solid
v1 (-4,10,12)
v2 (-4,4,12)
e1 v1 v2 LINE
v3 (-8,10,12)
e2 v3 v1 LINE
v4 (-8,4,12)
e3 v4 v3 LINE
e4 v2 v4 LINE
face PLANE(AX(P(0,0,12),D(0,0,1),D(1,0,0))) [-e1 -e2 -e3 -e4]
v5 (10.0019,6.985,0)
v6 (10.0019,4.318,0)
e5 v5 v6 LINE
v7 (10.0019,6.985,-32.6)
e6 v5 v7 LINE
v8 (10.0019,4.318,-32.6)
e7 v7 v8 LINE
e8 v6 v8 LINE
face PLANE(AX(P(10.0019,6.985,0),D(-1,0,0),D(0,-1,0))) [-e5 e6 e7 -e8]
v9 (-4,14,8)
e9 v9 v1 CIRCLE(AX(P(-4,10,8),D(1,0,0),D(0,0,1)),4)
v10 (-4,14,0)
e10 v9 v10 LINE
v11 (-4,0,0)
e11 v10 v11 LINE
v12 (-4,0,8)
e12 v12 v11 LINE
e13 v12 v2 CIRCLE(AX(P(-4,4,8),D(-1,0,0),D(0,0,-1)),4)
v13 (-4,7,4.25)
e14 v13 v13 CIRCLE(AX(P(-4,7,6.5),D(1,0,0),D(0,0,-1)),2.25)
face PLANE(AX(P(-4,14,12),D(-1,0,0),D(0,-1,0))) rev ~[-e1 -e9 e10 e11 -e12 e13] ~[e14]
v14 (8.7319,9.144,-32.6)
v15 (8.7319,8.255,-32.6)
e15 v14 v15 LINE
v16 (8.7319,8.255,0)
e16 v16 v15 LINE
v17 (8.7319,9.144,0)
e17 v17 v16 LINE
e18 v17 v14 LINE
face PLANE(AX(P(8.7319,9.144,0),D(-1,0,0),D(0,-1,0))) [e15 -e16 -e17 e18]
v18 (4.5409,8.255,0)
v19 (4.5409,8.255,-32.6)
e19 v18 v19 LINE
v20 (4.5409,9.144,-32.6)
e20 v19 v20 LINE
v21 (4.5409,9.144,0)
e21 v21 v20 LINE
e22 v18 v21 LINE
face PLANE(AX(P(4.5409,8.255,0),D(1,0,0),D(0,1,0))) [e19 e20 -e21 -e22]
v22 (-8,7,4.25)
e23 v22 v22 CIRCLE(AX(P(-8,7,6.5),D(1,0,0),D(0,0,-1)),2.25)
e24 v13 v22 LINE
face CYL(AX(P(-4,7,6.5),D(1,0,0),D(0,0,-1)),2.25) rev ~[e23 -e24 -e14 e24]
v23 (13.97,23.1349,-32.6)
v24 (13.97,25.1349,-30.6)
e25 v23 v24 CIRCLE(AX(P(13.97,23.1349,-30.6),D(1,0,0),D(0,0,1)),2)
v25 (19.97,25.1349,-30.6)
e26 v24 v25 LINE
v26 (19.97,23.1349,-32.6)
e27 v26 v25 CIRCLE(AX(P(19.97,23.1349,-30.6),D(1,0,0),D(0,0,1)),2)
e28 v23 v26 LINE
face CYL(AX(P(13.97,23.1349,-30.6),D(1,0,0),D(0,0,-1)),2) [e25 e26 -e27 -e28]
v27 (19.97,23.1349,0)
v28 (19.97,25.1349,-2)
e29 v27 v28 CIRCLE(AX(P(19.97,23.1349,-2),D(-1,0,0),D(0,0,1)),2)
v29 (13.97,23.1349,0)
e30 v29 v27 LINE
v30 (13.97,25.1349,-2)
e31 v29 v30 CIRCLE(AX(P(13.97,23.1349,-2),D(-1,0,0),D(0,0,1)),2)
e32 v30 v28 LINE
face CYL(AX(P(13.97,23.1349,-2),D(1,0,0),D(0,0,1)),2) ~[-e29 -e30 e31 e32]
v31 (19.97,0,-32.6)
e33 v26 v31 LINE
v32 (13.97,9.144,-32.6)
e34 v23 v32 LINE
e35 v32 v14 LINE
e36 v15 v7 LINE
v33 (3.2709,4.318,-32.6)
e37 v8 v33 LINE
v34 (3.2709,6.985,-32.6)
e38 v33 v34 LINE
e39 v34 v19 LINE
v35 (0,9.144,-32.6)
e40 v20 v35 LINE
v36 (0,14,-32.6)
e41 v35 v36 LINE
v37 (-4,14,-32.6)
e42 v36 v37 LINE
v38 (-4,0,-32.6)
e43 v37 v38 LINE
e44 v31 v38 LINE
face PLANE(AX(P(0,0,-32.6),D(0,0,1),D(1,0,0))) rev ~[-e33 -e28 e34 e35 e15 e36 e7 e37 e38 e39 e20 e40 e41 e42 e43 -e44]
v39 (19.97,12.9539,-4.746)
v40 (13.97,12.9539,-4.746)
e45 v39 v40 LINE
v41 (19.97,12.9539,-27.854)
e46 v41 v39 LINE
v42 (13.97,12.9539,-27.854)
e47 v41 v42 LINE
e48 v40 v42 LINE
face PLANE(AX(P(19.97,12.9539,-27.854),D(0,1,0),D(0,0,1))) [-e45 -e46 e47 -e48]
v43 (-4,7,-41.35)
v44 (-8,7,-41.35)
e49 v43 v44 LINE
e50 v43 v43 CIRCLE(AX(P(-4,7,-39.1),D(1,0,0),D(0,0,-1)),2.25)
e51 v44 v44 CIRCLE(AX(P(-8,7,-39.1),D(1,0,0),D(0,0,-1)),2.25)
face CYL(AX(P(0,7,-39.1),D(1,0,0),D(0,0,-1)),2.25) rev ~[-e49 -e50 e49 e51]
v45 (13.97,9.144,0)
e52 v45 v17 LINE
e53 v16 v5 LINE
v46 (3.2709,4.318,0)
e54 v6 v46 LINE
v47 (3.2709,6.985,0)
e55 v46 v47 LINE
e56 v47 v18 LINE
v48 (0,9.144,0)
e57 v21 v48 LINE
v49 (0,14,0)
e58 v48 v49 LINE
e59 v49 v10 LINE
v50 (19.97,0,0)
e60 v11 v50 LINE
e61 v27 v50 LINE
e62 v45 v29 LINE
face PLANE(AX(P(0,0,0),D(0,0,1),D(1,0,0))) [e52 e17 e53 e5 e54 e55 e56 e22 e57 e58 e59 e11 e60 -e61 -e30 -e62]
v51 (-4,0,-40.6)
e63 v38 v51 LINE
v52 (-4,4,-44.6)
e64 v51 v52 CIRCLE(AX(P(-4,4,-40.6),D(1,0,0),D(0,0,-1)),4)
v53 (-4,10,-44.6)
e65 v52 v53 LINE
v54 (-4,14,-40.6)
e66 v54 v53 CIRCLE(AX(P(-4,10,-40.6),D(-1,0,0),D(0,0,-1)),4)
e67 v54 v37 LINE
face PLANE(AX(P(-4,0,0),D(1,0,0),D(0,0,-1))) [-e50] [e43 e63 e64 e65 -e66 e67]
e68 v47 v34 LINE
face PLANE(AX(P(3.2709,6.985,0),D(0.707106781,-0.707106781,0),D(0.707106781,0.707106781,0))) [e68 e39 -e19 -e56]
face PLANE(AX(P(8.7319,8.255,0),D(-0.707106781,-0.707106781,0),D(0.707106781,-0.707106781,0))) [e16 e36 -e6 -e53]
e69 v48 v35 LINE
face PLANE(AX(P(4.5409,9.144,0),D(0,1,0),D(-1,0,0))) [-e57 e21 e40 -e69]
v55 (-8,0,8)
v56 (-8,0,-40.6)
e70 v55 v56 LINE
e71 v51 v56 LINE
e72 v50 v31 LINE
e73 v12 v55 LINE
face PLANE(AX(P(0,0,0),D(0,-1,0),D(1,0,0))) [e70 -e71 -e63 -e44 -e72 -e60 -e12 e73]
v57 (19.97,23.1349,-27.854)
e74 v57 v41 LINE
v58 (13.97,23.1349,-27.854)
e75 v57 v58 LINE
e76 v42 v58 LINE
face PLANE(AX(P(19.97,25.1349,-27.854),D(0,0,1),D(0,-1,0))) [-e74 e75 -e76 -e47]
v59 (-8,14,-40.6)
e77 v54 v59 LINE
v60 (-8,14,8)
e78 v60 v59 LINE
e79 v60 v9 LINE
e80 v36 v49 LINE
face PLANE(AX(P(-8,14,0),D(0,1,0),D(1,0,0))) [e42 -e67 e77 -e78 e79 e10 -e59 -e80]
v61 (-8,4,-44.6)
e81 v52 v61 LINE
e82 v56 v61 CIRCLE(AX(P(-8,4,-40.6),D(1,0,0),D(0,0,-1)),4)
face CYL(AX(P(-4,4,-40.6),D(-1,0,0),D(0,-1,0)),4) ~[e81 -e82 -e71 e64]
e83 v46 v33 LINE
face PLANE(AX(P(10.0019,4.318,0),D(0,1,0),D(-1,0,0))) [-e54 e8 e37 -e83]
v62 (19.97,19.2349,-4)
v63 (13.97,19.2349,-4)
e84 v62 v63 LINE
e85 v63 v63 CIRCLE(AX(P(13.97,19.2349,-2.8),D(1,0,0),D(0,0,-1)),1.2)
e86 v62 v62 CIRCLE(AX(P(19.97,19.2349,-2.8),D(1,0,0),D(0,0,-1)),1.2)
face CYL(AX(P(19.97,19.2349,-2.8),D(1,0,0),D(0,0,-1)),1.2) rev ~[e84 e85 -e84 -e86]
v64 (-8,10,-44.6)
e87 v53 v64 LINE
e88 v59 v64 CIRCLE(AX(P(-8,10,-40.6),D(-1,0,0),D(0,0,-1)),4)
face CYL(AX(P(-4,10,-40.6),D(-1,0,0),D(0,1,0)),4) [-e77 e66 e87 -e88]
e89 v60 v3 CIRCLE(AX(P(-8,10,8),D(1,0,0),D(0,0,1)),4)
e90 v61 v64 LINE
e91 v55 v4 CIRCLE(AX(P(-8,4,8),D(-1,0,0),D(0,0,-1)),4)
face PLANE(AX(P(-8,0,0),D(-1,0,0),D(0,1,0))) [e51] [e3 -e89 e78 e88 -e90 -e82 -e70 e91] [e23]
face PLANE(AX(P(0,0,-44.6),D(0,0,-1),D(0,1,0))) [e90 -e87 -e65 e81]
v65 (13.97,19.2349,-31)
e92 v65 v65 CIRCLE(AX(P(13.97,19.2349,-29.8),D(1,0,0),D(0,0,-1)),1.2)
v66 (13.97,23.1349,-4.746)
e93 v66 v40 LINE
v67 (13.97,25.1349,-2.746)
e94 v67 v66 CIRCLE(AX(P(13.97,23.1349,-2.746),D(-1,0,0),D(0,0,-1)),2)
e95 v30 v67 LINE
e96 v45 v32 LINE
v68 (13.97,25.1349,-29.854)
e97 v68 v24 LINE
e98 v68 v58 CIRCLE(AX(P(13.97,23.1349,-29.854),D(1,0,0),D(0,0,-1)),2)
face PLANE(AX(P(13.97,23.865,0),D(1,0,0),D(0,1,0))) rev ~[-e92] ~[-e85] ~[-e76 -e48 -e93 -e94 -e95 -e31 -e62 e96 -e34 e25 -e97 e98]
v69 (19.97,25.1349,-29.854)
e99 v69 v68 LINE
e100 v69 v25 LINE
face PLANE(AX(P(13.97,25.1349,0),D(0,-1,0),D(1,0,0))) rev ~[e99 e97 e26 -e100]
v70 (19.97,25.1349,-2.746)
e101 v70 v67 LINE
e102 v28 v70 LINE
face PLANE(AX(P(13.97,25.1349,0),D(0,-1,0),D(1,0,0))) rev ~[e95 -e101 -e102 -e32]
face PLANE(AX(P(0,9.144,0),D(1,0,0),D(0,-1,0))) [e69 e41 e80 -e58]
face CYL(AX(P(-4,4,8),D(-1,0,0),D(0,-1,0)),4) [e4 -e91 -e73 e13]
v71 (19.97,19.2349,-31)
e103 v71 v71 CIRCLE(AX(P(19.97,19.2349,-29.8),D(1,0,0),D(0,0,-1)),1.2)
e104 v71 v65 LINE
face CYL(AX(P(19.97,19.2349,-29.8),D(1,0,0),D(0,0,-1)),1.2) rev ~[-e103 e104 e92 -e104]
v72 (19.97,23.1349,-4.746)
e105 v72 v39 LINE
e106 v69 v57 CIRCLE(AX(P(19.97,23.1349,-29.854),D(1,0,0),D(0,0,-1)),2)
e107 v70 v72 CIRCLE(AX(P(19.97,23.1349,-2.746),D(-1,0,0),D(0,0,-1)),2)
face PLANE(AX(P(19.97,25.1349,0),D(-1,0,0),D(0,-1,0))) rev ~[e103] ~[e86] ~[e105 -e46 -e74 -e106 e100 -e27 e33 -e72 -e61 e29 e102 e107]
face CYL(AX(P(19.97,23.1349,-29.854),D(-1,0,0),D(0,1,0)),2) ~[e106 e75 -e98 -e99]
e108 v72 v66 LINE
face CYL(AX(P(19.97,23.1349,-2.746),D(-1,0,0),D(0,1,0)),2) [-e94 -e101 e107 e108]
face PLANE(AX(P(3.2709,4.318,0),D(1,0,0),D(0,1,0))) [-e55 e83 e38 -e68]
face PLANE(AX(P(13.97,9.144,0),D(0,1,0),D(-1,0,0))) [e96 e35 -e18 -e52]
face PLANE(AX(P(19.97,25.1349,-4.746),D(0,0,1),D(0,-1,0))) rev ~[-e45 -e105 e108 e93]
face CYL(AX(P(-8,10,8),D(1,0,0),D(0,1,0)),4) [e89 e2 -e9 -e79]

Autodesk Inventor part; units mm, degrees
ref_plane "YZ Plane" through (0, 0, 0) normal (1, 0, 0) x (0, 1, 0)
ref_plane "XZ Plane" through (0, 0, 0) normal (0, 1, 0) x (-1, 0, 0)
ref_plane "XY Plane" through (0, 0, 0) normal (0, 0, 1) x (1, 0, 0)
sketch "Náčrt1" plane through (0, 0, 0) normal (0, 0, 1) x (1, 0, 0)
  line L0 (13.97, 23.865) -> (13.97, 9.144)
  line L1 (0, 9.144) -> (0, 0)
  line L2 (4.5409, 9.144) -> (0, 9.144)
  line L3 (4.5409, 8.255) -> (4.5409, 9.144)
  line L4 (3.2709, 6.985) -> (4.5409, 8.255)
  line L5 (3.2709, 4.318) -> (3.2709, 6.985)
  line L6 (8.7319, 9.144) -> (8.7319, 8.255)
  line L7 (13.97, 9.144) -> (8.7319, 9.144)
  line L8 (8.7319, 8.255) -> (10.0019, 6.985)
  line L9 (10.0019, 6.985) -> (10.0019, 4.318)
  line L10 (10.0019, 4.318) -> (3.2709, 4.318)
  line L11 (0, 0) -> (19.97, 0)
  line L12 (13.97, 22.5956) -> (13.97, 25.1349)
  line L13 (13.97, 20.4353) -> (13.97, 18.035)
  line L14 (13.97, 25.1349) -> (19.97, 25.1349)
  line L15 (19.97, 25.1349) -> (19.97, 0)
extrude "Vysunutí1" add sketch "Náčrt1" against normal blind 32.6
sketch "Náčrt2" plane through (19.97, 0, 0) normal (1, 0, 0) x (0, 0, -1)
  line L0 (0, 25.1349) -> (32.6, 25.1349) projected
  line L1 (16.3, 25.1349) -> (4.746, 25.1349)
  line L2 (4.746, 25.1349) -> (4.746, 12.9539)
  line L3 (16.3, 25.1349) -> (27.854, 25.1349)
  line L4 (27.854, 25.1349) -> (27.854, 12.9539)
  line L5 (27.854, 12.9539) -> (4.746, 12.9539)
  circle A0 centre (2.8, 19.2349) radius 1.2
  line L6 (16.3, 25.1349) -> (16.3, 15.9225)
  circle A1 centre (29.8, 19.2349) radius 1.2
  point P0 (0, 0)
  point P1 (4.746, 19.0444)
  dimension "d2" = 11.554
  dimension "d3" = 12.181
  dimension "d4" = 11.554
  dimension "d7" = 2.4
  dimension "d8" = 5.9
  dimension "d9" = 1.946
extrude "Vysunutí2" cut sketch "Náčrt2" against normal blind 32.6 contours L0 L4 L5 L2
extrude "Vysunutí3" cut sketch "Náčrt2" against normal blind 32.6 contours A0 | A1
fillet "Zaoblení1" radius 2 4 edges at (16.97, 25.1349, 0) (16.97, 25.1349, -4.746) (16.97, 25.1349, -27.854) (16.97, 25.1349, -32.6)
sketch "Náčrt3" plane through (0, 0, 0) normal (0, -1, 0) x (1, 0, 0)
  point P0 (0, 0)
sketch "Náčrt4" plane through (0, 0, 0) normal (0, 0, 1) x (1, 0, 0)
  line L0 (13.97, 23.1349) -> (19.97, 23.1349) projected
  line L1 (13.97, 23.1349) -> (13.97, 9.144) projected
  line L2 (13.97, 9.144) -> (8.7319, 9.144) projected
  line L3 (8.7319, 9.144) -> (8.7319, 8.255) projected
  line L4 (8.7319, 8.255) -> (10.0019, 6.985) projected
  line L5 (10.0019, 6.985) -> (10.0019, 4.318) projected
  line L6 (10.0019, 4.318) -> (3.2709, 4.318) projected
  line L7 (3.2709, 4.318) -> (3.2709, 6.985) projected
  line L8 (3.2709, 6.985) -> (4.5409, 8.255) projected
  line L9 (4.5409, 8.255) -> (4.5409, 9.144) projected
  line L10 (4.5409, 9.144) -> (0, 9.144) projected
  line L11 (0, 9.144) -> (0, 0) projected
  line L12 (0, 0) -> (19.97, 0) projected
  line L13 (19.97, 0) -> (19.97, 23.1349) projected
  line L14 (0, 0) -> (-8, 0)
  line L15 (-8, 0) -> (-8, 14)
  line L16 (-8, 14) -> (0, 14)
  line L17 (0, 14) -> (0, 0)
  dimension "d13" = 14
  dimension "d14" = 8
extrude "Vysunutí4" add sketch "Náčrt4" along normal blind 12 and the other way blind 32.6 contours L14 L15 L16 L17 L11
sketch "Náčrt5" plane through (0, 0, 0) normal (1, 0, 0) x (0, 0, -1)
  line L0 (0, 9.144) -> (0, 0) projected
  line L1 (0, 9.144) -> (32.6, 9.144) projected
  line L2 (32.6, 14) -> (32.6, 9.144) projected
  line L3 (32.6, 14) -> (-12, 14) projected
  line L4 (-12, 0) -> (-12, 14) projected
  line L5 (0, 0) -> (-12, 0) projected
  circle A0 centre (-6.5, 7) radius 2.25
  line L6 (27.854, 12.9539) -> (4.746, 12.9539) projected
  line L7 (16.3, 12.9539) -> (16.3, -5.3216)
  line L8 (32.6, 9.144) -> (32.6, 0)
  line L9 (44.6, 0) -> (44.6, 14)
  line L10 (32.6, 0) -> (44.6, 0)
  circle A1 centre (39.1, 7) radius 2.25
  line L11 (44.6, 14) -> (32.6, 14)
  line L12 (32.6, 14) -> (32.6, 0)
  dimension "d19" = 4.5
  dimension "d20" = 7
  dimension "d21" = 5.5
extrude "Vysunutí5" add sketch "Náčrt5" against normal up to surface (8 mm away) contours L2 L11 L9 L10 L8 | A0
sketch "Náčrt6" plane through (0, 0, 12) normal (0, 0, 1) x (1, 0, 0)
  line L0 (-8, 14) -> (-8, 0) projected
  line L1 (-8, 0) -> (0, 0) projected
  line L2 (0, 0) -> (0, 14) projected
  line L3 (0, 14) -> (-8, 14) projected
  line L4 (0, 14) -> (-4, 14)
  line L5 (-4, 14) -> (-4, 0)
  line L6 (-4, 0) -> (0, 0)
  line L7 (0, 0) -> (0, 14)
  dimension "d24" = 4
extrude "Vysunutí6" cut sketch "Náčrt6" against normal blind 12 contours L3 L2 L1 L5
extrude "Vysunutí7" cut sketch "Náčrt5" against normal blind 4 contours L2 L11 L9 L10 L8 | A0
sketch "Náčrt7" plane through (-4, 0, 12) normal (1, 0, 0) x (0, 0, -1)
  circle A0 centre (51.1, 7) radius 2.25 projected
  line L0 (0, 0) -> (0, 14) projected
  line L1 (12, 0) -> (0, 0) projected
  line L2 (12, 0) -> (12, 14) projected
  line L3 (0, 14) -> (12, 14) projected
  line L4 (44.6, 0) -> (44.6, 14) projected
  line L5 (56.6, 0) -> (44.6, 0) projected
  line L6 (56.6, 14) -> (56.6, 0) projected
  line L7 (44.6, 14) -> (56.6, 14) projected
  circle A1 centre (51.1, 7) radius 2.25 projected
  line L8 (12, 0) -> (44.6, 0) projected
  circle A2 centre (5.5, 7) radius 2.25
  line L9 (44.6, 14) -> (12, 14) projected
  point P0 (0, 7)
  dimension "d29" = 4.5
  dimension "d30" = 5.5
extrude "Vysunutí8" cut sketch "Náčrt7" against normal blind 4 contours A2
fillet "Zaoblení2" radius 4 4 edges at (-6, 14, -44.6) (-6, 0, -44.6) (-6, 14, 12) (-6, 0, 12)
properties part number "Motor_holder_Vertical" material "Měď"
